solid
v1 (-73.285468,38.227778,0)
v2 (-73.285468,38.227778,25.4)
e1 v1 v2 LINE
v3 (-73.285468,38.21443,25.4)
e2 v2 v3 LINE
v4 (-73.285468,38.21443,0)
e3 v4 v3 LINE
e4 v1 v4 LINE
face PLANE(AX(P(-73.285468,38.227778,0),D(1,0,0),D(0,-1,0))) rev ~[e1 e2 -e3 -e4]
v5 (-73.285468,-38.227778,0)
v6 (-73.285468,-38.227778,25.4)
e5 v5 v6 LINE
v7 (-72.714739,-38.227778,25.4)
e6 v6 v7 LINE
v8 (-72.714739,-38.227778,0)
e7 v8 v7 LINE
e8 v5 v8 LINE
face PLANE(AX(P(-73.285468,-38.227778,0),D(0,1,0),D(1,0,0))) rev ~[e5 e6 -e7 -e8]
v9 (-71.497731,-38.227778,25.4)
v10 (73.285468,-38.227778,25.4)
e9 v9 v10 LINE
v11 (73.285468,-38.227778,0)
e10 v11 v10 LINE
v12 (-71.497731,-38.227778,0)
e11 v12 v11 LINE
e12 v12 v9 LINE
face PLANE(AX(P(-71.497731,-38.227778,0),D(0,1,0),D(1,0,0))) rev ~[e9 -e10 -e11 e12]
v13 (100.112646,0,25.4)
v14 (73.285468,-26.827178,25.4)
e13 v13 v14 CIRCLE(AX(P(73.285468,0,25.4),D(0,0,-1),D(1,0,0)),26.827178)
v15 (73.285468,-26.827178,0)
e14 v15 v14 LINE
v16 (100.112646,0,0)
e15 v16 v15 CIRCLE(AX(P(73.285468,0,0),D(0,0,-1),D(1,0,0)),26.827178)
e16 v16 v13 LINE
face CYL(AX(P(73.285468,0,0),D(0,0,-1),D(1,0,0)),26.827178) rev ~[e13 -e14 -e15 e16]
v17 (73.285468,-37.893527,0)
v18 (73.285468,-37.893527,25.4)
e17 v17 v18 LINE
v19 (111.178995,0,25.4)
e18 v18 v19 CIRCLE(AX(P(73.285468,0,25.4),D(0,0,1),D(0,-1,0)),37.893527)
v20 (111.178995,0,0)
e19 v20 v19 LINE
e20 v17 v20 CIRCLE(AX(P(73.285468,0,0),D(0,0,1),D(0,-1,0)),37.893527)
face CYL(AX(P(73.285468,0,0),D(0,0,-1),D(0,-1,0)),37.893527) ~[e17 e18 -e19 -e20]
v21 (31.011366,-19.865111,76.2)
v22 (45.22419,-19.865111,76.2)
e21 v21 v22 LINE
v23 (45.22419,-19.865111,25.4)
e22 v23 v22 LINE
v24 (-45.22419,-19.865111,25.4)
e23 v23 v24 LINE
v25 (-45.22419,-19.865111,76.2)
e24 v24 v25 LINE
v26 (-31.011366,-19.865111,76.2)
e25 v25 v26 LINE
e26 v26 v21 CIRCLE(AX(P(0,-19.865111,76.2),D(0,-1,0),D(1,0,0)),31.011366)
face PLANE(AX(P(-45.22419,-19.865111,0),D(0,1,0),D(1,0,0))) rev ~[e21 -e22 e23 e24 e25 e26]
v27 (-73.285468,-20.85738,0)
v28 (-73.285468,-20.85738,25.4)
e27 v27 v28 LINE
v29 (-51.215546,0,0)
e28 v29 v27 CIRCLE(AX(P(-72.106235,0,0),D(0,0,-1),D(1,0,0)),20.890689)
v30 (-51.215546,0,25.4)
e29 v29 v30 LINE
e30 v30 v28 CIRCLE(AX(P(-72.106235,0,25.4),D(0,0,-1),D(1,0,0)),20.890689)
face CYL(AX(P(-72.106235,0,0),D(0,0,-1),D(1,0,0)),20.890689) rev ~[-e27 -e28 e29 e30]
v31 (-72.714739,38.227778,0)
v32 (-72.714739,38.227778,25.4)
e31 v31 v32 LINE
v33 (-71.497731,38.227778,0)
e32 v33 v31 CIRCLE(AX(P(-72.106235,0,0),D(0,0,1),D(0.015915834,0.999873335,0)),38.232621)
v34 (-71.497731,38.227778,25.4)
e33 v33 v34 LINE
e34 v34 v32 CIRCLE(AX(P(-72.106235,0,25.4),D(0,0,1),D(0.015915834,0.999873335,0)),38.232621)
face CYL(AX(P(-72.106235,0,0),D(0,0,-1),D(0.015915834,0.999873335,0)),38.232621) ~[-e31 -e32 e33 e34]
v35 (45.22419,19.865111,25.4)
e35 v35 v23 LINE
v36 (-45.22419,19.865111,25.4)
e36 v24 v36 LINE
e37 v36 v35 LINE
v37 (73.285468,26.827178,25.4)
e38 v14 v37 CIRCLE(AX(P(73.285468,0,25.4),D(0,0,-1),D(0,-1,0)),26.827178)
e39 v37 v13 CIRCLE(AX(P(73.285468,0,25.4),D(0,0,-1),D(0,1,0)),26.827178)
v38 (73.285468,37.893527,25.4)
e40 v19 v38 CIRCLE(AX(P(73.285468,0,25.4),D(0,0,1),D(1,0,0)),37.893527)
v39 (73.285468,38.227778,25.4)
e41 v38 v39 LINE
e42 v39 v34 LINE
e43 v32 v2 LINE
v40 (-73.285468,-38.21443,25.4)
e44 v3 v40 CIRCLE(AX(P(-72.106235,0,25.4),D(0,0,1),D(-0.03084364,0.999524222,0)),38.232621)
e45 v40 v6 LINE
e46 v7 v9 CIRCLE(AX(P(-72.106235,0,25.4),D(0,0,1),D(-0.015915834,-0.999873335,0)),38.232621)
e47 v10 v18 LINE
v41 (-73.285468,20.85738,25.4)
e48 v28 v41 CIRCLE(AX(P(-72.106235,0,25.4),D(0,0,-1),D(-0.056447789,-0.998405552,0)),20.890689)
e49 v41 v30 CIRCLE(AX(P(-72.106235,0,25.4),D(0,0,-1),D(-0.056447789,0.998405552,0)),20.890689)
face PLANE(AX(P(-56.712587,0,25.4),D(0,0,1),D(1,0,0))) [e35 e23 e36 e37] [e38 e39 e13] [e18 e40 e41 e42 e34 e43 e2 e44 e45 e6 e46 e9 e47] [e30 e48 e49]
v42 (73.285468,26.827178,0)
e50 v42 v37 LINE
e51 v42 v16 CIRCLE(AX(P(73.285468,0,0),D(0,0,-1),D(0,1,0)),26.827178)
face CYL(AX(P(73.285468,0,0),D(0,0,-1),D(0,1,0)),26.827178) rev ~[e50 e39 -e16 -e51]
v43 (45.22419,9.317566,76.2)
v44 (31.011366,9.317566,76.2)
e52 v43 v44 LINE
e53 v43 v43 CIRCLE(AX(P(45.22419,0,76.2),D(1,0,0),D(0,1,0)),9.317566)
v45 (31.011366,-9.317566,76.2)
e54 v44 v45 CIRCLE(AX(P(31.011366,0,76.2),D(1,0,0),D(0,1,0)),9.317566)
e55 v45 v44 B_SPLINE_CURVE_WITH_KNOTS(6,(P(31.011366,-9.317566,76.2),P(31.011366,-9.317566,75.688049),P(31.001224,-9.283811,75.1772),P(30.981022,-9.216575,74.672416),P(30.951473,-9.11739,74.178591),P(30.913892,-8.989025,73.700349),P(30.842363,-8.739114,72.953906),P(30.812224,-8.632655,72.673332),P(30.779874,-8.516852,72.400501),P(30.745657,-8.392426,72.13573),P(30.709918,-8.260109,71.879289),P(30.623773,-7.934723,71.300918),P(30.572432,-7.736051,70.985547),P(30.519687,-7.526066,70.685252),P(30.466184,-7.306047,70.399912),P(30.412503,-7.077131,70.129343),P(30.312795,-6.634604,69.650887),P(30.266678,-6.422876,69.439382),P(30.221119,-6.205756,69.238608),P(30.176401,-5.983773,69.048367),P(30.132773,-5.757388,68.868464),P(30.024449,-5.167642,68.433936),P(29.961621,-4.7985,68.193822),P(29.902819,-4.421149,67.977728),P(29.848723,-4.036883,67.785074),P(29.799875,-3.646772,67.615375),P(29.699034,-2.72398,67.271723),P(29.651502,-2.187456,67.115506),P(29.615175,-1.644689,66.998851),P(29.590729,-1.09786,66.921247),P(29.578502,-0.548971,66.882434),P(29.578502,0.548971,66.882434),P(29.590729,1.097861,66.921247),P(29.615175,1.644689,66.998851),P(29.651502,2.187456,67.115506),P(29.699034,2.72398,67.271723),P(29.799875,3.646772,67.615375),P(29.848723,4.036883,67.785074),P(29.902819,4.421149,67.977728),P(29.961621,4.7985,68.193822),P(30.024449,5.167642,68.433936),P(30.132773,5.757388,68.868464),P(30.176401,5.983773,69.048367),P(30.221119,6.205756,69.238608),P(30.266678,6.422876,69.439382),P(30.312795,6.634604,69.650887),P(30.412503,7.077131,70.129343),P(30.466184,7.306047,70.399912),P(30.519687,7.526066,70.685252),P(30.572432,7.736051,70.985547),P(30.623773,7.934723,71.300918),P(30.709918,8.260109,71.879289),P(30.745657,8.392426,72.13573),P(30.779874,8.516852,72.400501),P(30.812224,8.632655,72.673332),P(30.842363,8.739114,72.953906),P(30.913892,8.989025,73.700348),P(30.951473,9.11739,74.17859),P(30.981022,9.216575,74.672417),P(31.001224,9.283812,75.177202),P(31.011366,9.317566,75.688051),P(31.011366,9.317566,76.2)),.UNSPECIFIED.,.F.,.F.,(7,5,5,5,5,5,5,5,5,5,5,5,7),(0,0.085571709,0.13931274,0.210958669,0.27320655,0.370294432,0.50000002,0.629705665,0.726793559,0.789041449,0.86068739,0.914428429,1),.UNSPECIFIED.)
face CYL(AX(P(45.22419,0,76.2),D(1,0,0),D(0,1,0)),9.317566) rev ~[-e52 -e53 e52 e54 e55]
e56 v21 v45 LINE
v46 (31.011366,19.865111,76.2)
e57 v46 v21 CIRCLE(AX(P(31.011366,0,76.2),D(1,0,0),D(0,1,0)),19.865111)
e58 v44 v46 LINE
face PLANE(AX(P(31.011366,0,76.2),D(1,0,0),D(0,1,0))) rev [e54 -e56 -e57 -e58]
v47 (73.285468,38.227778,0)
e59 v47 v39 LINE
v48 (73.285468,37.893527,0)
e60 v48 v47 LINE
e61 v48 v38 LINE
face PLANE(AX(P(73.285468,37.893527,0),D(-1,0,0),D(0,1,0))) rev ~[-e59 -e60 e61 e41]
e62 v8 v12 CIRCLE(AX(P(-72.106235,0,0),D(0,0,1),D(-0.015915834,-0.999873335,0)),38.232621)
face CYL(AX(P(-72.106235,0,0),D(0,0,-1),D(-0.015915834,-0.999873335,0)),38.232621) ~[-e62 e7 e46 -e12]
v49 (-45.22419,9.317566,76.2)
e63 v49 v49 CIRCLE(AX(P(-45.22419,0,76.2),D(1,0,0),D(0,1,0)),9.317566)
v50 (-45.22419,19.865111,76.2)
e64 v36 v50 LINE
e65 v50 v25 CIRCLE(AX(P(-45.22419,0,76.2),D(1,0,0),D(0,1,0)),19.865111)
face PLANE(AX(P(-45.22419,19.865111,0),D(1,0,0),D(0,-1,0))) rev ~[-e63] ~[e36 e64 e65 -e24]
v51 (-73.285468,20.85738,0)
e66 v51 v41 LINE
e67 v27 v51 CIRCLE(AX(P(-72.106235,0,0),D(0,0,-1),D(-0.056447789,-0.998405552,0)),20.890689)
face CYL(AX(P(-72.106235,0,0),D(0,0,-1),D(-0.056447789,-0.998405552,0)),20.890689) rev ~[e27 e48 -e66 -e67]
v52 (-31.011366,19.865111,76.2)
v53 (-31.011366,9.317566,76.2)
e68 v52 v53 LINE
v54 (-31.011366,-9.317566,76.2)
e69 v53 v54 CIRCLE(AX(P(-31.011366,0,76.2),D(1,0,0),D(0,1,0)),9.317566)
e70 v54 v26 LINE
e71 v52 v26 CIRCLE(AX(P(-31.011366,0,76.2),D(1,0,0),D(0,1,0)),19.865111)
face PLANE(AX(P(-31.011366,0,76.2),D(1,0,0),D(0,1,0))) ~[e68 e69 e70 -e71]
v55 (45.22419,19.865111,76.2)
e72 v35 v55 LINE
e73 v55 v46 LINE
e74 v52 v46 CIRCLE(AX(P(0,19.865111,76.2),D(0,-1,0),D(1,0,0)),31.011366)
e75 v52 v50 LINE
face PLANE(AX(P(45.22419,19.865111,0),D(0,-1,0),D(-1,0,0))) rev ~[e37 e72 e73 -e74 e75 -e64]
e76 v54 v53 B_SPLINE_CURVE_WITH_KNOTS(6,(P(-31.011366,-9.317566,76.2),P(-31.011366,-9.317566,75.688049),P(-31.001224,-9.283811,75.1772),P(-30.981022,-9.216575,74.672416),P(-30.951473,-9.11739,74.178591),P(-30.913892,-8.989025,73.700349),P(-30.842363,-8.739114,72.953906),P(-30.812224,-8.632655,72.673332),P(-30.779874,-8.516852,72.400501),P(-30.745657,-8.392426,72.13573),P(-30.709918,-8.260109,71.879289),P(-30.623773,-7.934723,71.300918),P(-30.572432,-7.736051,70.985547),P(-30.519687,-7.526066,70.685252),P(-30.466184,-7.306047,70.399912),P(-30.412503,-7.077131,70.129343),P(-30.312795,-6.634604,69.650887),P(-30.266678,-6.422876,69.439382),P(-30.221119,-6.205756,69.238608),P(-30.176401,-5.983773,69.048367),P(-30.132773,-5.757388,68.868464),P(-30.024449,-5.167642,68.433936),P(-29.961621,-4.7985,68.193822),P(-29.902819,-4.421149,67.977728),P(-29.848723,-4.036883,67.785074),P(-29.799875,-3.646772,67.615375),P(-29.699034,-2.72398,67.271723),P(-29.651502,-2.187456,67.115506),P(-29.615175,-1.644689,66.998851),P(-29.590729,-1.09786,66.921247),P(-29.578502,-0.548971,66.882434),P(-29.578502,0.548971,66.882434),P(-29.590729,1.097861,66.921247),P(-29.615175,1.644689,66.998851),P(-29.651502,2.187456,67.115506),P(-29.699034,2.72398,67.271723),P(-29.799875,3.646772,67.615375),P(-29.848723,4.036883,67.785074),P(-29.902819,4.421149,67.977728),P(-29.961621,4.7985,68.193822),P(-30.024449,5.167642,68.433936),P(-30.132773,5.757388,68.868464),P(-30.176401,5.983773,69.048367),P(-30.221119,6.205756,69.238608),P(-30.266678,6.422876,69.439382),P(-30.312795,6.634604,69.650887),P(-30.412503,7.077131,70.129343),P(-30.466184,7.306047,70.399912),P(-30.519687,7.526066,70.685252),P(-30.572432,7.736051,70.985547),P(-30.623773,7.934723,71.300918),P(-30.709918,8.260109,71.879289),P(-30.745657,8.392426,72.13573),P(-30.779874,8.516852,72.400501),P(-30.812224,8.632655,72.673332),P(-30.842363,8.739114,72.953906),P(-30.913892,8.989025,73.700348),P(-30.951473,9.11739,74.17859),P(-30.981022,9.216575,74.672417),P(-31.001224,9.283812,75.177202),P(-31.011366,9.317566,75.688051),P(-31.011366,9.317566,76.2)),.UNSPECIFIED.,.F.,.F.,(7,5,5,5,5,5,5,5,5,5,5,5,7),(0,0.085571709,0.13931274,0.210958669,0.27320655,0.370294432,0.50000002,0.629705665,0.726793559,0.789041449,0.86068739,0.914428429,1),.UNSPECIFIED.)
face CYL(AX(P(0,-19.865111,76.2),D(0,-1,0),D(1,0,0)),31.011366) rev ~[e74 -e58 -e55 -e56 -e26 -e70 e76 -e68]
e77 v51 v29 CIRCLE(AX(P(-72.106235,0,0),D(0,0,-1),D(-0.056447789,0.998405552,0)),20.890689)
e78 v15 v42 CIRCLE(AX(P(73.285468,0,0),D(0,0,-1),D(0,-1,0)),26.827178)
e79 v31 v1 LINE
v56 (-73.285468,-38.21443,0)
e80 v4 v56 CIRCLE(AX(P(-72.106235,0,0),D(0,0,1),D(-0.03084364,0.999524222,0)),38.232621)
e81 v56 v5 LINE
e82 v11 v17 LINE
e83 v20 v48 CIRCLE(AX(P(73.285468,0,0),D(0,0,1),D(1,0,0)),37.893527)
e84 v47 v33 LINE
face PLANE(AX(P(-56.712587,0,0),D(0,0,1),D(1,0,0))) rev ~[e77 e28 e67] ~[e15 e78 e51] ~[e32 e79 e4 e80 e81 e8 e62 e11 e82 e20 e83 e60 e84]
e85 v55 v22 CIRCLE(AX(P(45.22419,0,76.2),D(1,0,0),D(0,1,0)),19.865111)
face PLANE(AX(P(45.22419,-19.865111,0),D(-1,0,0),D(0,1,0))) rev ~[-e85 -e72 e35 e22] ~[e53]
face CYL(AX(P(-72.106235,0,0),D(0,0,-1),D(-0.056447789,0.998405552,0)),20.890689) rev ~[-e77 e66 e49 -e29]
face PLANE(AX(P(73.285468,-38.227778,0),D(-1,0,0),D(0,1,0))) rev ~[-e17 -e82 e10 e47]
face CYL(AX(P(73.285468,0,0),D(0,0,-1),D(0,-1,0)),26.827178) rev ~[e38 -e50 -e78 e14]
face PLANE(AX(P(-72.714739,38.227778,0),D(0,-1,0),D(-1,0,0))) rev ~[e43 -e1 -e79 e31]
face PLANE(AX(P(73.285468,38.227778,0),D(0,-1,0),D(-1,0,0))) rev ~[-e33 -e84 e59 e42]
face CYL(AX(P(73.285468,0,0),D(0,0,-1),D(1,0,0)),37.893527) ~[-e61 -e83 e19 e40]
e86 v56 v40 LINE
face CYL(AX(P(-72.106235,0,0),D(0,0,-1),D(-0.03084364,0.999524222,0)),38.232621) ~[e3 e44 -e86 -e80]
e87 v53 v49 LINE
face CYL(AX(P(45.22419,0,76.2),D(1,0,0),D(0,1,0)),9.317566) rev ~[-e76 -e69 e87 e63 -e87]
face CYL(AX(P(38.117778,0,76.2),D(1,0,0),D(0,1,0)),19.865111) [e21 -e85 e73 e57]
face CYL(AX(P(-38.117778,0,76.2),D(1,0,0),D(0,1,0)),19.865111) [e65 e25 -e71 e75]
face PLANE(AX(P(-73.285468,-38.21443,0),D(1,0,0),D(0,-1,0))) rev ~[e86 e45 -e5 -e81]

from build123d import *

# Parameters (mm, degrees)
F1_DEPTH  = 76.2
F2_DEPTH  = 25.4
F3_R      = 31.0113659553
F4_DEPTH  = 48.768
F5_W      = 14.2128238031
F5_H      = 19.8651105165
F7_W      = 14.2128238031
F7_H      = 19.8651105165
F9_R      = 9.3175662763
F10_DEPTH = 120.904


with BuildPart() as f1:
    # F0 (on Top) → F1 (new body)
    with BuildSketch(Plane.XY):
        with BuildLine():
            ThreePointArc((-39.4395748653, 19.8651105165), (-35.2913919529, 10.3150682913), (-33.8736140697, 0))
            ThreePointArc((-33.8736140697, 0), (-35.2913919529, -10.3150682913), (-39.4395748653, -19.8651105165))
            Line((-39.4395748653, -19.8651105165), (41.0163370235, -19.8651105165))
            ThreePointArc((41.0163370235, -19.8651105165), (35.3919404434, 0), (41.0163370235, 19.8651105165))
            Line((41.0163370235, 19.8651105165), (-39.4395748653, 19.8651105165))
        make_face()
        with BuildLine():
            ThreePointArc((-39.4395748653, -19.8651105165), (-35.2913919529, -10.3150682913), (-33.8736140697, 0))
            ThreePointArc((-33.8736140697, 0), (-35.2913919529, 10.3150682913), (-39.4395748653, 19.8651105165))
            Line((-39.4395748653, 19.8651105165), (-45.2241897583, 19.8651105165))
            Line((-45.2241897583, 19.8651105165), (-45.2241897583, -19.8651105165))
            Line((-45.2241897583, -19.8651105165), (-39.4395748653, -19.8651105165))
        make_face()
        with BuildLine():
            Line((45.2241897583, 19.8651105165), (41.0163370235, 19.8651105165))
            ThreePointArc((41.0163370235, 19.8651105165), (35.3919404434, 0), (41.0163370235, -19.8651105165))
            Line((41.0163370235, -19.8651105165), (45.2241897583, -19.8651105165))
            Line((45.2241897583, -19.8651105165), (45.2241897583, 19.8651105165))
        make_face()
    extrude(amount=F1_DEPTH)

    # F0 (on Top) → F2 (join)
    with BuildSketch(Plane.XY):
        with BuildLine():
            Line((-45.2241897583, 19.8651105165), (-39.4395748653, 19.8651105165))
            ThreePointArc((-39.4395748653, 19.8651105165), (-53.1034448807, 33.1757028633), (-71.4977306772, 38.2277779281))
            Line((-71.4977306772, 38.2277779281), (-72.7147387814, 38.2277779281))
            ThreePointArc((-72.7147387814, 38.2277779281), (-73.0001282654, 38.2221694419), (-73.2854679227, 38.2144304102))
            Line((-73.2854679227, 38.2144304102), (-73.2854679227, 20.8573796838))
            ThreePointArc((-73.2854679227, 20.8573796838), (-57.7572646523, 15.1831464436), (-51.2155459374, 0))
            ThreePointArc((-51.2155459374, 0), (-57.7572646523, -15.1831464436), (-73.2854679227, -20.8573796838))
            Line((-73.2854679227, -20.8573796838), (-73.2854679227, -38.2144304102))
            ThreePointArc((-73.2854679227, -38.2144304102), (-73.0001282654, -38.2221694419), (-72.7147387814, -38.2277779281))
            Line((-72.7147387814, -38.2277779281), (-71.4977306772, -38.2277779281))
            ThreePointArc((-71.4977306772, -38.2277779281), (-53.1034448807, -33.1757028633), (-39.4395748653, -19.8651105165))
            Line((-39.4395748653, -19.8651105165), (-45.2241897583, -19.8651105165))
            Line((-45.2241897583, -19.8651105165), (-45.2241897583, 19.8651105165))
        make_face()
        with BuildLine():
            ThreePointArc((-71.4977306772, 38.2277779281), (-53.1034448807, 33.1757028633), (-39.4395748653, 19.8651105165))
            Line((-39.4395748653, 19.8651105165), (41.0163370235, 19.8651105165))
            ThreePointArc((41.0163370235, 19.8651105165), (54.80358066, 33.0807990839), (73.2854679227, 37.8935274793))
            Line((73.2854679227, 37.8935274793), (73.2854679227, 38.2277779281))
            Line((73.2854679227, 38.2277779281), (-71.4977306772, 38.2277779281))
        make_face()
        with BuildLine():
            Line((41.0163370235, -19.8651105165), (-39.4395748653, -19.8651105165))
            ThreePointArc((-39.4395748653, -19.8651105165), (-53.1034448807, -33.1757028633), (-71.4977306772, -38.2277779281))
            Line((-71.4977306772, -38.2277779281), (73.2854679227, -38.2277779281))
            Line((73.2854679227, -38.2277779281), (73.2854679227, -37.8935274793))
            ThreePointArc((73.2854679227, -37.8935274793), (54.80358066, -33.0807990839), (41.0163370235, -19.8651105165))
        make_face()
        with BuildLine():
            Line((-72.7147387814, 38.2277779281), (-71.4977306772, 38.2277779281))
            ThreePointArc((-71.4977306772, 38.2277779281), (-72.1062347293, 38.2326206596), (-72.7147387814, 38.2277779281))
        make_face()
        with BuildLine():
            ThreePointArc((73.2854679227, 37.8935274793), (54.80358066, 33.0807990839), (41.0163370235, 19.8651105165))
            Line((41.0163370235, 19.8651105165), (45.2241897583, 19.8651105165))
            Line((45.2241897583, 19.8651105165), (45.2241897583, -19.8651105165))
            Line((45.2241897583, -19.8651105165), (41.0163370235, -19.8651105165))
            ThreePointArc((41.0163370235, -19.8651105165), (54.80358066, -33.0807990839), (73.2854679227, -37.8935274793))
            Line((73.2854679227, -37.8935274793), (73.2854679227, -26.8271780999))
            ThreePointArc((73.2854679227, -26.8271780999), (46.4582898228, 0), (73.2854679227, 26.8271780999))
            Line((73.2854679227, 26.8271780999), (73.2854679227, 37.8935274793))
        make_face()
        with BuildLine():
            ThreePointArc((-72.7147387814, -38.2277779281), (-72.1062347293, -38.2326206596), (-71.4977306772, -38.2277779281))
            Line((-71.4977306772, -38.2277779281), (-72.7147387814, -38.2277779281))
        make_face()
        with BuildLine():
            ThreePointArc((-73.2854679227, 38.2144304102), (-73.0001282654, 38.2221694419), (-72.7147387814, 38.2277779281))
            Line((-72.7147387814, 38.2277779281), (-73.2854679227, 38.2277779281))
            Line((-73.2854679227, 38.2277779281), (-73.2854679227, 38.2144304102))
        make_face()
        with BuildLine():
            ThreePointArc((111.178995402, 0), (100.0802381664, 26.7947702437), (73.2854679227, 37.8935274793))
            Line((73.2854679227, 37.8935274793), (73.2854679227, 26.8271780999))
            ThreePointArc((73.2854679227, 26.8271780999), (92.2551474772, 18.9696795545), (100.1126460226, 0))
            ThreePointArc((100.1126460226, 0), (92.2551474772, -18.9696795545), (73.2854679227, -26.8271780999))
            Line((73.2854679227, -26.8271780999), (73.2854679227, -37.8935274793))
            ThreePointArc((73.2854679227, -37.8935274793), (100.0802381664, -26.7947702437), (111.178995402, 0))
        make_face()
        with BuildLine():
            Line((-73.2854679227, -38.2277779281), (-72.7147387814, -38.2277779281))
            ThreePointArc((-72.7147387814, -38.2277779281), (-73.0001282654, -38.2221694419), (-73.2854679227, -38.2144304102))
            Line((-73.2854679227, -38.2144304102), (-73.2854679227, -38.2277779281))
        make_face()
        with BuildLine():
            Line((-73.2854679227, 20.8573796838), (-73.2854679227, 38.2144304102))
            ThreePointArc((-73.2854679227, 38.2144304102), (-110.3388553889, 0), (-73.2854679227, -38.2144304102))
            Line((-73.2854679227, -38.2144304102), (-73.2854679227, -20.8573796838))
            ThreePointArc((-73.2854679227, -20.8573796838), (-92.9969235211, 0), (-73.2854679227, 20.8573796838))
        make_face()
    extrude(amount=F2_DEPTH)

    # F3 (on face) → F4 (cut)
    with BuildSketch(Plane.XZ.offset(19.8651105165)):
        with Locations((0, 76.2)):
            Circle(F3_R)
    extrude(amount=-F4_DEPTH, mode=Mode.SUBTRACT)

    # F5 (on face) → F6 (revolve)
    with BuildSketch(Plane.XY.offset(76.2)):
        with Locations((-38.1177778568, 9.9325552583)):
            Rectangle(F5_W, F5_H)
    revolve(axis=Axis((-38.1177778568, 0, 76.2), (1, 0, 0)))

    # F7 (on face) → F8 (revolve)
    with BuildSketch(Plane.XY.offset(76.2)):
        with Locations((38.1177778568, 9.9325552583)):
            Rectangle(F7_W, F7_H)
    revolve(axis=Axis((38.1177778568, 0, 76.2), (1, 0, 0)))

    # F9 (on face) → F10 (cut)
    with BuildSketch(Plane.YZ.offset(45.2241897583)):
        with Locations((0, 76.2)):
            Circle(F9_R)
    extrude(amount=-F10_DEPTH, mode=Mode.SUBTRACT)


solid = f1.part
